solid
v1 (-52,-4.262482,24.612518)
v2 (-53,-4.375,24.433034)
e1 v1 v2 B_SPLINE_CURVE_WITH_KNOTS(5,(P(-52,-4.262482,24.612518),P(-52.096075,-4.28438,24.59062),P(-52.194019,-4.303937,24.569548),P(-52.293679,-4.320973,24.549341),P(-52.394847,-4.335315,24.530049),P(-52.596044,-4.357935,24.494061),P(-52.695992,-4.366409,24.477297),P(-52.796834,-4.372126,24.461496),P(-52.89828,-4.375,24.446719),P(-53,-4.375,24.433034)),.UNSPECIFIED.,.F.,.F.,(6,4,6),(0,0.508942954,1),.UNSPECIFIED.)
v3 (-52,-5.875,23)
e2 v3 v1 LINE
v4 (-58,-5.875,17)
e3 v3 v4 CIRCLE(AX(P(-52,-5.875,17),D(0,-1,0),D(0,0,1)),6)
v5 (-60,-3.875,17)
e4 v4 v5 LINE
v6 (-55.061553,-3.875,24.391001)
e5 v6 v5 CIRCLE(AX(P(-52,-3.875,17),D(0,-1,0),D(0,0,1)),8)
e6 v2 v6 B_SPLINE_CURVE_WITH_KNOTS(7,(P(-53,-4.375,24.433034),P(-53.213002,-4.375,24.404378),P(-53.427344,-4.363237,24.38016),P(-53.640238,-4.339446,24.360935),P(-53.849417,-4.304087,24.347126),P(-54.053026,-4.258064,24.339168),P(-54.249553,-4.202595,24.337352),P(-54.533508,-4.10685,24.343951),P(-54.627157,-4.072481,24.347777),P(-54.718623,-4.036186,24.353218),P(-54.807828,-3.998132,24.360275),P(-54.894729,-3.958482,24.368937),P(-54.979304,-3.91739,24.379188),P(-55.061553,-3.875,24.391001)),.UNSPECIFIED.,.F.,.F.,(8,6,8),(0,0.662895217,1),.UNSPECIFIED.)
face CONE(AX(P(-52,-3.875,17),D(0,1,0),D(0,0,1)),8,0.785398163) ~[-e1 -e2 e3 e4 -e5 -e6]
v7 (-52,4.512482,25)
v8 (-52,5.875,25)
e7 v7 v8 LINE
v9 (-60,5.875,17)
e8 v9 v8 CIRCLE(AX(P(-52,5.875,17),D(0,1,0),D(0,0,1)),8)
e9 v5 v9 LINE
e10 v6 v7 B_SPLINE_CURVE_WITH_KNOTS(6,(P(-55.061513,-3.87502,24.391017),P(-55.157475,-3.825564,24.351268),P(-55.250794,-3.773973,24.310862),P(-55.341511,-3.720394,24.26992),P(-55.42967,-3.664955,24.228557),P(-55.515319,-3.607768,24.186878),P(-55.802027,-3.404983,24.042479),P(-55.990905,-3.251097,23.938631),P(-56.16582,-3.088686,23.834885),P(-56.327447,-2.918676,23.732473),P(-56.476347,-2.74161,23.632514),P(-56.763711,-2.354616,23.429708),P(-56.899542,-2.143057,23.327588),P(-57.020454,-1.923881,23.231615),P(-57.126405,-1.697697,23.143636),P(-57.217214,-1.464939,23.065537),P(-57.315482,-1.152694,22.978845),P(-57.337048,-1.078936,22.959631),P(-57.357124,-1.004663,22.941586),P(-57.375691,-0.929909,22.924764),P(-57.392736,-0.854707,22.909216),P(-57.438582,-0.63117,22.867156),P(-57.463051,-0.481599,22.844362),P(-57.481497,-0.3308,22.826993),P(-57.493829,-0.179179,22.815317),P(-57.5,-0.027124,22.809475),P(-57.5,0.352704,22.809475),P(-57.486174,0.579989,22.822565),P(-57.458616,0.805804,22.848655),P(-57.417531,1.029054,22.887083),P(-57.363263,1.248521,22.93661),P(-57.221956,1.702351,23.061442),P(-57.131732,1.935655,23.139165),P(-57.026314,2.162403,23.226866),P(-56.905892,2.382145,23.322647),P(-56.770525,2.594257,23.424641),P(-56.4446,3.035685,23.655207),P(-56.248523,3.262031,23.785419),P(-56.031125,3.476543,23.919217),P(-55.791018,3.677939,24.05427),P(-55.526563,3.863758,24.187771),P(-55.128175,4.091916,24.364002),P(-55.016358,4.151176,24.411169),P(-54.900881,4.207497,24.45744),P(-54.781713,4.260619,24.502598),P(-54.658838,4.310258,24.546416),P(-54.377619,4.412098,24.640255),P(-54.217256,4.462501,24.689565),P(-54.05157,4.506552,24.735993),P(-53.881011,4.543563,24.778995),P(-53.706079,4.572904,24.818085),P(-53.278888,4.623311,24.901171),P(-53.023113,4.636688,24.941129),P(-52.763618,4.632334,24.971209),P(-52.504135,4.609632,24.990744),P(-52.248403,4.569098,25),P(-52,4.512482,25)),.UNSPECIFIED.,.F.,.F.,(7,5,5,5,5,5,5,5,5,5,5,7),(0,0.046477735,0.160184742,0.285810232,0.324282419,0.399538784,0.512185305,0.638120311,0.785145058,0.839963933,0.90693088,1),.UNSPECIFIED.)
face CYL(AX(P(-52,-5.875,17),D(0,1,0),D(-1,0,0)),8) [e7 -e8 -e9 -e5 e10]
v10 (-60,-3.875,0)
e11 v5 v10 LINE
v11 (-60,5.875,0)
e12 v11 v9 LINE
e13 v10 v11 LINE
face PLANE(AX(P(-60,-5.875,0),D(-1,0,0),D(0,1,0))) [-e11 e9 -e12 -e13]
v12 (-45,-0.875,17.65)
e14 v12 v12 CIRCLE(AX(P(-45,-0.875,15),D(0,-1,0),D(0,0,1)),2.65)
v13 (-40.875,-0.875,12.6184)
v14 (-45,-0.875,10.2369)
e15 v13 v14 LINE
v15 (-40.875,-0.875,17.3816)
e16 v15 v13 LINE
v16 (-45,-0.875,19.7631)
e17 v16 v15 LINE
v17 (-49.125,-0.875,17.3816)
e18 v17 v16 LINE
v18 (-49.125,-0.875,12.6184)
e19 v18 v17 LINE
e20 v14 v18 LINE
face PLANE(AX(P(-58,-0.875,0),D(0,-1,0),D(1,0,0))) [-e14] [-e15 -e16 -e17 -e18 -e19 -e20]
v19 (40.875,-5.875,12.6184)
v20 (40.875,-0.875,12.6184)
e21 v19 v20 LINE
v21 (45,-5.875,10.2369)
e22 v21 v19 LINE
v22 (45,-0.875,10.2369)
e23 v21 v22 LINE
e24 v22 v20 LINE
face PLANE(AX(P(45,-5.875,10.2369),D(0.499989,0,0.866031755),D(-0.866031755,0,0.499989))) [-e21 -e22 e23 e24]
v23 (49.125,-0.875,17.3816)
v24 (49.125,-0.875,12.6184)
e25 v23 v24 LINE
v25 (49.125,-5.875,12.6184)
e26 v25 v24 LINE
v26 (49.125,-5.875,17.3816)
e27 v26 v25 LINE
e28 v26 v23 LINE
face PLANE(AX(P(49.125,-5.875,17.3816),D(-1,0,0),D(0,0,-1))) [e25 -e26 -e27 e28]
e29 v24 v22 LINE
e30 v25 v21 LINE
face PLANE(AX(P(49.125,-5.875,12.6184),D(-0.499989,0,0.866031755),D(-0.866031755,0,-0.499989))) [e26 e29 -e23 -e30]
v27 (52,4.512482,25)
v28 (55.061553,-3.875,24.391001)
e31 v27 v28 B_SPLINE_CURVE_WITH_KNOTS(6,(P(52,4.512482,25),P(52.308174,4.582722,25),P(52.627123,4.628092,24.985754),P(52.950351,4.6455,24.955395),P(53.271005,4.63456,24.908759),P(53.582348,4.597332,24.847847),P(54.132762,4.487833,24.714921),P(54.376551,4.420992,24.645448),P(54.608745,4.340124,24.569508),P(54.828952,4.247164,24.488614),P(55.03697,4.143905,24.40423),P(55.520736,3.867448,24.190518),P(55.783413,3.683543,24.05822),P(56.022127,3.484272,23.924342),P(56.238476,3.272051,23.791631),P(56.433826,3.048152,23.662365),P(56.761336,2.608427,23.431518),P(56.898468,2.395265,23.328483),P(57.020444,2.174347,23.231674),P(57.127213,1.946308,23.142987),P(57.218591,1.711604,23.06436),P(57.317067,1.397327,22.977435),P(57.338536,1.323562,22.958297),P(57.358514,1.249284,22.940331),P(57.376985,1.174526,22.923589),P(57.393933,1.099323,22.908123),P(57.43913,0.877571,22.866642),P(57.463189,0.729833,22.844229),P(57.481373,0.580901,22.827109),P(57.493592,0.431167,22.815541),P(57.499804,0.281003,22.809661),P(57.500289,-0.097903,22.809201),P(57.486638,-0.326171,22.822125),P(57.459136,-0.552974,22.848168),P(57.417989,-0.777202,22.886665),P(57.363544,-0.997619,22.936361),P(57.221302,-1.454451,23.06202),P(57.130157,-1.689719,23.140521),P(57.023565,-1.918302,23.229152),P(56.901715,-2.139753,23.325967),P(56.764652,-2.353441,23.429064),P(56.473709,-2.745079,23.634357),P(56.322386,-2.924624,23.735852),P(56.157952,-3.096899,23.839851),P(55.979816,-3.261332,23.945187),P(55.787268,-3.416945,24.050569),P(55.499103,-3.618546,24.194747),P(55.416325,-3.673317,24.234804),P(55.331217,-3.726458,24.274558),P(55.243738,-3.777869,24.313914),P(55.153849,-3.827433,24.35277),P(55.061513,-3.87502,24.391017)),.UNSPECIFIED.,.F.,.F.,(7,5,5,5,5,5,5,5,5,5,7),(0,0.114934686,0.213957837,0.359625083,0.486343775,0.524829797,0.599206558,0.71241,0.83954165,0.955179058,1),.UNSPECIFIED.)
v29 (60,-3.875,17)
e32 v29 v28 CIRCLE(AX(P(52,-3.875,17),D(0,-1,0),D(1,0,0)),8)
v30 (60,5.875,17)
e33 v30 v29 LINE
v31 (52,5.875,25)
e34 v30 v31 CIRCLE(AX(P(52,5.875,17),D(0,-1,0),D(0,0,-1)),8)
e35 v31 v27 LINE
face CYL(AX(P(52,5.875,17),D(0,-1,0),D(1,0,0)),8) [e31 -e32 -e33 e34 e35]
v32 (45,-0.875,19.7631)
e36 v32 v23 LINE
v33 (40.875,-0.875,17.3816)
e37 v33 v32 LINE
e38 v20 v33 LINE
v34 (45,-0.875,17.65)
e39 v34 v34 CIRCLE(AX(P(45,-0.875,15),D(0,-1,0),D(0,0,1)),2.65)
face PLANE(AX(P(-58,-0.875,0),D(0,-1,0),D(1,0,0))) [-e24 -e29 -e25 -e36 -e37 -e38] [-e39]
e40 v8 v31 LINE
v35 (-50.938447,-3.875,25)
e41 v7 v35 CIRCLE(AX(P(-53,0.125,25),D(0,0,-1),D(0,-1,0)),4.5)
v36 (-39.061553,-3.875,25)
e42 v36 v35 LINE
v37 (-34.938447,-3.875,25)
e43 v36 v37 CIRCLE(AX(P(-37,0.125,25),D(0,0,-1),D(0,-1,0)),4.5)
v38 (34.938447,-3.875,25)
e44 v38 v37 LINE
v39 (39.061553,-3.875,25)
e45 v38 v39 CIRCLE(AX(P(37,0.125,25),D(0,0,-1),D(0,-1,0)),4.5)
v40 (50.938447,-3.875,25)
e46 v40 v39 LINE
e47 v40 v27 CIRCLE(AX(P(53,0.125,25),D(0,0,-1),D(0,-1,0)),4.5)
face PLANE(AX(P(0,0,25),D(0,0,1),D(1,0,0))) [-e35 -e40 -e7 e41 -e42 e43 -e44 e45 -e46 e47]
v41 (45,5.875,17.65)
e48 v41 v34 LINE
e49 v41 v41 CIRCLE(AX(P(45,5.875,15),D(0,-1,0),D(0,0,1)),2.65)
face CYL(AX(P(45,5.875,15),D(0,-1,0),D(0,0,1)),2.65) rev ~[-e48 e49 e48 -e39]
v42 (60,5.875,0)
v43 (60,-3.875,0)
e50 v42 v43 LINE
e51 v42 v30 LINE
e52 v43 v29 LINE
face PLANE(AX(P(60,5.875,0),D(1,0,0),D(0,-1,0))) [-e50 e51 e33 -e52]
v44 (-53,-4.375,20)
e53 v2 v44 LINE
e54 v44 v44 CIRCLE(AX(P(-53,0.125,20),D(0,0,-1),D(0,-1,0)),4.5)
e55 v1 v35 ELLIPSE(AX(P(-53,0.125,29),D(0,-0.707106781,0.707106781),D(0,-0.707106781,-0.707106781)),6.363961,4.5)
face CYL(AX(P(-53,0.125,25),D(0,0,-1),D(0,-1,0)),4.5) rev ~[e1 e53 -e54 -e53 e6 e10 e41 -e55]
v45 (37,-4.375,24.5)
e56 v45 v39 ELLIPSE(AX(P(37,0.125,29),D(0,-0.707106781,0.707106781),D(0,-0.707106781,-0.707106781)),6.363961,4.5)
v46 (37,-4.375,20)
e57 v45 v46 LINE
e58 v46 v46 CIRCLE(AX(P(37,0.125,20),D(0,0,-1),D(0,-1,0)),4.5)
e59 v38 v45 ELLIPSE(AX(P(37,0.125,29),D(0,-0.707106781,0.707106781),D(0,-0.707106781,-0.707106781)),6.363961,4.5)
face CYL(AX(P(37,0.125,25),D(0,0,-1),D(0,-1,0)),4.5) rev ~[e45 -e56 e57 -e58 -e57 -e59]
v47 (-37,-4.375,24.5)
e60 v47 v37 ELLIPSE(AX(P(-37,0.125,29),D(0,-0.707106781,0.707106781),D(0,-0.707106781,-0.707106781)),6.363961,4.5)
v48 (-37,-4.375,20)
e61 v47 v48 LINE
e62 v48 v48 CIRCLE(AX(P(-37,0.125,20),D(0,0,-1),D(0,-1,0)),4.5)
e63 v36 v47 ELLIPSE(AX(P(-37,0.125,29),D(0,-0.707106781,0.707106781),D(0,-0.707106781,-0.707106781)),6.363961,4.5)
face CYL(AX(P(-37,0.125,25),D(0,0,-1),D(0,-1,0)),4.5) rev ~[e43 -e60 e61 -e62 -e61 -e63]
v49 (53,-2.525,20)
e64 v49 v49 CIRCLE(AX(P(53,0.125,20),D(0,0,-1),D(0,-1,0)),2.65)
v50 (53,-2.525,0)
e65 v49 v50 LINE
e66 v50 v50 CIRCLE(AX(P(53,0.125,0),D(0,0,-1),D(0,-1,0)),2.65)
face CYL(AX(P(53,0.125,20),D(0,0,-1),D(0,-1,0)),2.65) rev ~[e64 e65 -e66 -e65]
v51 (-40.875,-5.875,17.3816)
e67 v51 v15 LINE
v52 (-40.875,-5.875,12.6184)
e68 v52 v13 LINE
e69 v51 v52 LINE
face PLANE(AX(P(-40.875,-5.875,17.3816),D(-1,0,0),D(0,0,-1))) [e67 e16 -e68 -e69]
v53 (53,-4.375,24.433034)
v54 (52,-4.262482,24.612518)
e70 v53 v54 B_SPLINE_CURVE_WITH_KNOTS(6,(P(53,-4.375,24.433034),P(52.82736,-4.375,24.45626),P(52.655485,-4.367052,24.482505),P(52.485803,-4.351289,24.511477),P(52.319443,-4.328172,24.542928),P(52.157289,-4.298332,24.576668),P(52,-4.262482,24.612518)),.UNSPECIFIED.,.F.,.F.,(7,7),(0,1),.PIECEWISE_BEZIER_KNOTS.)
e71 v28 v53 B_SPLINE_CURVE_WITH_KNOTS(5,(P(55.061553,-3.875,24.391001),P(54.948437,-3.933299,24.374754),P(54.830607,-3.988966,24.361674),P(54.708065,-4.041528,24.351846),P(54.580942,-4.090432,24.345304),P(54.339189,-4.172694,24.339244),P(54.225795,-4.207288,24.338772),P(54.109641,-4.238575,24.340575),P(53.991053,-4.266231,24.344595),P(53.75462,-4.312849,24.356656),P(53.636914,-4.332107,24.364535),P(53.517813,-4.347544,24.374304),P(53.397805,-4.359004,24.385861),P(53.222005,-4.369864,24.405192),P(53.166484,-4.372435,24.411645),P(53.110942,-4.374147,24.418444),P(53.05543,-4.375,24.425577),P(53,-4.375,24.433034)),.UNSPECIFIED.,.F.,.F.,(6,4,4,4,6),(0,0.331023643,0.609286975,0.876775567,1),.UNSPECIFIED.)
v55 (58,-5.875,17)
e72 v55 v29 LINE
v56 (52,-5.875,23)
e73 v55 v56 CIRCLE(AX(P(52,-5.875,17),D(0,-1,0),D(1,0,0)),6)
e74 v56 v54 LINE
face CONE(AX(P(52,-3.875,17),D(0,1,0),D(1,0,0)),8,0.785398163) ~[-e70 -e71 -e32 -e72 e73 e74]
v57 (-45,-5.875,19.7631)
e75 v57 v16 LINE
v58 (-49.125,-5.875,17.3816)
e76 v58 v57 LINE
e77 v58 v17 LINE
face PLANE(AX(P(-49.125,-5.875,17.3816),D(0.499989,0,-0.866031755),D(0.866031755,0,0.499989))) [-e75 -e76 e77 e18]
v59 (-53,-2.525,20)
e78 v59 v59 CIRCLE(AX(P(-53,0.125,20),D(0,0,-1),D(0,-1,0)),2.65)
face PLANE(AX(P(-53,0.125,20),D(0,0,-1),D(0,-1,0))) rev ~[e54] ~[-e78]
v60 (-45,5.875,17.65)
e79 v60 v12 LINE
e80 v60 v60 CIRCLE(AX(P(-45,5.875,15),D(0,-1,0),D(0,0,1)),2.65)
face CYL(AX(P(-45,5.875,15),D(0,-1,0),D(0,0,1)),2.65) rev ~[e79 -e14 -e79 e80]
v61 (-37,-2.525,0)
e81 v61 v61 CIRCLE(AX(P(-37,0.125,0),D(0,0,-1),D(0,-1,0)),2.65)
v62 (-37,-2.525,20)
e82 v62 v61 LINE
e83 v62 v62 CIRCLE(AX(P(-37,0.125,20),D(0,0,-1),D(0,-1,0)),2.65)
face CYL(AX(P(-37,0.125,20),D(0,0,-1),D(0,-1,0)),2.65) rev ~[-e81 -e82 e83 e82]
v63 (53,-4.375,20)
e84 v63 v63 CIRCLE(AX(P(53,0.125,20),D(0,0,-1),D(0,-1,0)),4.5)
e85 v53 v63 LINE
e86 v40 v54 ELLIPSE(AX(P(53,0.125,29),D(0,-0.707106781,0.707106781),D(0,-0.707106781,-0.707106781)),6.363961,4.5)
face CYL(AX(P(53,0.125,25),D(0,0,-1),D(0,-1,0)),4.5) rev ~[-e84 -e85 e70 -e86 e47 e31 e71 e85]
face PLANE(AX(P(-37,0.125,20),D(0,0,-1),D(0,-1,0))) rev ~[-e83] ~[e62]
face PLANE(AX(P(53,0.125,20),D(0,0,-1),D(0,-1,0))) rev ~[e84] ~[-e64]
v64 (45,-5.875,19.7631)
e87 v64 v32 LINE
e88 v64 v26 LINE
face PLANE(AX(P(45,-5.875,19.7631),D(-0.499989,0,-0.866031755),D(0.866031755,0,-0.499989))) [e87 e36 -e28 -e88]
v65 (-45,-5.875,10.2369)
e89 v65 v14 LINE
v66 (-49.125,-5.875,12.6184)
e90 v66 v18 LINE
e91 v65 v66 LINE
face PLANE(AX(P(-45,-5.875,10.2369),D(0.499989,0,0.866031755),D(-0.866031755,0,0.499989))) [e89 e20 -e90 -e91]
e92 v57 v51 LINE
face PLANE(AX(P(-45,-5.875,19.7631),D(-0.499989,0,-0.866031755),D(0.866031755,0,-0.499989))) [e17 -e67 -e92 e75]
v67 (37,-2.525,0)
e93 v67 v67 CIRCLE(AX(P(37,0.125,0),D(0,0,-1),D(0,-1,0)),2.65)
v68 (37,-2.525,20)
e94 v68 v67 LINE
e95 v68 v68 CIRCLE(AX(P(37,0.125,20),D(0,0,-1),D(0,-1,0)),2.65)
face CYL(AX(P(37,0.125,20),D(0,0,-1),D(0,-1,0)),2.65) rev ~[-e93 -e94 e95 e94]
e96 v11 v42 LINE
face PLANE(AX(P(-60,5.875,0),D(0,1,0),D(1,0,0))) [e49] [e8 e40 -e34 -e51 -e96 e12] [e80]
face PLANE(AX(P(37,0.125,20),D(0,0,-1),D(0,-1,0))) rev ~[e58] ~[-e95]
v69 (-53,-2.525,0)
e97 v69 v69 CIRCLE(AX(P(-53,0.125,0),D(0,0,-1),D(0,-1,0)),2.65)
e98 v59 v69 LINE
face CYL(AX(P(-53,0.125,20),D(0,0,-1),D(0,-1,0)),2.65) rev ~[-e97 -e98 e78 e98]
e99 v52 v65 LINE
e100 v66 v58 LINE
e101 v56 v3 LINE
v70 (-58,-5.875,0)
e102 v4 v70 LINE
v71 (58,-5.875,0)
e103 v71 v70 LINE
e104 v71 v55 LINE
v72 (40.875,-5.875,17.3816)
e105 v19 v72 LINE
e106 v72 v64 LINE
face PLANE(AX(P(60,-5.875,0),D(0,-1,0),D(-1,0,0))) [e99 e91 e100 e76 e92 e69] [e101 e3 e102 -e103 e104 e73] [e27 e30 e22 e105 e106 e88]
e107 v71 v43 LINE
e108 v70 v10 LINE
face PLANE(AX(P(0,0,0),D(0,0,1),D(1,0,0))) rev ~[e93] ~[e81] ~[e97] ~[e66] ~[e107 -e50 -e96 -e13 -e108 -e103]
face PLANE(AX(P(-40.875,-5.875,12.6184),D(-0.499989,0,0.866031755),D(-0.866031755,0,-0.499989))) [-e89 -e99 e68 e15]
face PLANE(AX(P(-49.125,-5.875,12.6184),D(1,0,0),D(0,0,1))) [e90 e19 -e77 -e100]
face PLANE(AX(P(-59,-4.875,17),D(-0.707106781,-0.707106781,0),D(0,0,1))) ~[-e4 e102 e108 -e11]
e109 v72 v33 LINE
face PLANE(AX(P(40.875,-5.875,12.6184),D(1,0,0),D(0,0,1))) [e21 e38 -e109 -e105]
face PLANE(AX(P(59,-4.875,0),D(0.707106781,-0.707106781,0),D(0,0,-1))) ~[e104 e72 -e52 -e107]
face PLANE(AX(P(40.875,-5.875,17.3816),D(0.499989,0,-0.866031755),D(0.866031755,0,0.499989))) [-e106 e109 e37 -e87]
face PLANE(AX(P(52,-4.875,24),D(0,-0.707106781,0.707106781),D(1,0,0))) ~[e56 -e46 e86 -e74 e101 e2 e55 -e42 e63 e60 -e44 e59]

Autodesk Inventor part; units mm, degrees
ref_plane "YZ Plane" through (0, 0, 0) normal (1, 0, 0) x (0, 1, 0)
ref_plane "XZ Plane" through (0, 0, 0) normal (0, 1, 0) x (-1, 0, 0)
ref_plane "XY Plane" through (0, 0, 0) normal (0, 0, 1) x (1, 0, 0)
sketch "Sketch1" plane through (0, 0, 0) normal (0, 0, 1) x (1, 0, 0)
  line L0 (60, -5.875) -> (-60, -5.875)
  line L1 (-60, -5.875) -> (-60, 5.875)
  line L2 (-60, 5.875) -> (60, 5.875)
  line L3 (60, 5.875) -> (60, -5.875)
  line L4 (60, -5.875) -> (-60, 5.875) construction
  line L5 (-60, -5.875) -> (60, 5.875) construction
  point P0 (0, 0)
  dimension "d0" = 120
  dimension "d1" = 11.75
extrude "Extrusion1" add sketch "Sketch1" along normal blind 25
fillet "Fillet1" radius 8 2 edges at (60, 0, 25) (-60, 0, 25)
chamfer "Chamfer1" distance 2 angle 45 5 edges at (60, -5.875, 8.5) (57.6569, -5.875, 22.6569) (0, -5.875, 25) (-57.6569, -5.875, 22.6569) (-60, -5.875, 8.5)
sketch "Sketch2" plane through (0, 0, 25) normal (0, 0, 1) x (1, 0, 0)
  line L0 (-53, 0.125) -> (-37, 0.125) construction
  line L1 (-52, -5.875) -> (52, -5.875) projected
  line L2 (-60, 5.875) -> (-60, -3.875) projected
  line L3 (37, 0.125) -> (53, 0.125) construction
  line L4 (60, -3.875) -> (60, 5.875) projected
  point P0 (-45, 0.125)
  point P1 (45, 0.125)
  dimension "d8" = 16
  dimension "d9" = 6
  dimension "d35" = 15
  dimension "d36" = 15
  dimension "d37" = 90
hole "Hole1" at (-53, 0.125, 25) at (-37, 0.125, 25) at (37, 0.125, 25) at (53, 0.125, 25) direction (0, 0, -1) diameter 5.3 end through all counterbore diameter 9 counterbore depth 5
sketch "Sketch3" plane through (-60, 5.875, 0) normal (0, 1, 0) x (1, 0, 0)
  point P0 (60, 0)
  point P1 (105, -15)
  point P2 (15, -15)
  point P3 (15, -25)
  point P4 (105, -25)
  dimension "d22" = 10
hole "Hole2" at (45, 5.875, 15) at (-45, 5.875, 15) direction (0, -1, 0) diameter 5.3 end through all
sketch "Sketch4" plane through (-58, -5.875, 0) normal (0, -1, 0) x (1, 0, 0)
  circle A0 centre (13, 15) radius 2.65 projected
  circle A1 centre (103, 15) radius 2.65 projected
  line L0 (0, 0) -> (0, 17) projected
  line L1 (0, 0) -> (116, 0) projected
  line L2 (116, 17) -> (116, 0) projected
  arc A2 (116, 17) -> (110, 23) centre (110, 17) ccw projected
  line L3 (6, 23) -> (110, 23) projected
  arc A3 (6, 23) -> (0, 17) centre (6, 17) ccw projected
  line L4 (107.125, 12.6184) -> (103, 10.2369)
  line L5 (103, 10.2369) -> (98.875, 12.6184)
  line L6 (98.875, 12.6184) -> (98.875, 17.3816)
  line L7 (98.875, 17.3816) -> (103, 19.7631)
  line L8 (103, 19.7631) -> (107.125, 17.3816)
  line L9 (107.125, 17.3816) -> (107.125, 12.6184)
  line L10 (8.875, 17.3816) -> (13, 19.7631)
  line L11 (13, 19.7631) -> (17.125, 17.3816)
  line L12 (17.125, 17.3816) -> (17.125, 12.6184)
  line L13 (17.125, 12.6184) -> (13, 10.2369)
  line L14 (13, 10.2369) -> (8.875, 12.6184)
  line L15 (8.875, 12.6184) -> (8.875, 17.3816)
  point P0 (58, 0)
  dimension "d30" = 8.25
extrude "Extrusion2" cut sketch "Sketch4" against normal blind 5 contours A0 | A1 | L4 L5 L6 L7 L8 L9 | L10 L11 L12 L13 L14 L15
equation "\"d35\" = d36"
properties part number "Door Bar Brace Mount" material "ABS Plastic"
